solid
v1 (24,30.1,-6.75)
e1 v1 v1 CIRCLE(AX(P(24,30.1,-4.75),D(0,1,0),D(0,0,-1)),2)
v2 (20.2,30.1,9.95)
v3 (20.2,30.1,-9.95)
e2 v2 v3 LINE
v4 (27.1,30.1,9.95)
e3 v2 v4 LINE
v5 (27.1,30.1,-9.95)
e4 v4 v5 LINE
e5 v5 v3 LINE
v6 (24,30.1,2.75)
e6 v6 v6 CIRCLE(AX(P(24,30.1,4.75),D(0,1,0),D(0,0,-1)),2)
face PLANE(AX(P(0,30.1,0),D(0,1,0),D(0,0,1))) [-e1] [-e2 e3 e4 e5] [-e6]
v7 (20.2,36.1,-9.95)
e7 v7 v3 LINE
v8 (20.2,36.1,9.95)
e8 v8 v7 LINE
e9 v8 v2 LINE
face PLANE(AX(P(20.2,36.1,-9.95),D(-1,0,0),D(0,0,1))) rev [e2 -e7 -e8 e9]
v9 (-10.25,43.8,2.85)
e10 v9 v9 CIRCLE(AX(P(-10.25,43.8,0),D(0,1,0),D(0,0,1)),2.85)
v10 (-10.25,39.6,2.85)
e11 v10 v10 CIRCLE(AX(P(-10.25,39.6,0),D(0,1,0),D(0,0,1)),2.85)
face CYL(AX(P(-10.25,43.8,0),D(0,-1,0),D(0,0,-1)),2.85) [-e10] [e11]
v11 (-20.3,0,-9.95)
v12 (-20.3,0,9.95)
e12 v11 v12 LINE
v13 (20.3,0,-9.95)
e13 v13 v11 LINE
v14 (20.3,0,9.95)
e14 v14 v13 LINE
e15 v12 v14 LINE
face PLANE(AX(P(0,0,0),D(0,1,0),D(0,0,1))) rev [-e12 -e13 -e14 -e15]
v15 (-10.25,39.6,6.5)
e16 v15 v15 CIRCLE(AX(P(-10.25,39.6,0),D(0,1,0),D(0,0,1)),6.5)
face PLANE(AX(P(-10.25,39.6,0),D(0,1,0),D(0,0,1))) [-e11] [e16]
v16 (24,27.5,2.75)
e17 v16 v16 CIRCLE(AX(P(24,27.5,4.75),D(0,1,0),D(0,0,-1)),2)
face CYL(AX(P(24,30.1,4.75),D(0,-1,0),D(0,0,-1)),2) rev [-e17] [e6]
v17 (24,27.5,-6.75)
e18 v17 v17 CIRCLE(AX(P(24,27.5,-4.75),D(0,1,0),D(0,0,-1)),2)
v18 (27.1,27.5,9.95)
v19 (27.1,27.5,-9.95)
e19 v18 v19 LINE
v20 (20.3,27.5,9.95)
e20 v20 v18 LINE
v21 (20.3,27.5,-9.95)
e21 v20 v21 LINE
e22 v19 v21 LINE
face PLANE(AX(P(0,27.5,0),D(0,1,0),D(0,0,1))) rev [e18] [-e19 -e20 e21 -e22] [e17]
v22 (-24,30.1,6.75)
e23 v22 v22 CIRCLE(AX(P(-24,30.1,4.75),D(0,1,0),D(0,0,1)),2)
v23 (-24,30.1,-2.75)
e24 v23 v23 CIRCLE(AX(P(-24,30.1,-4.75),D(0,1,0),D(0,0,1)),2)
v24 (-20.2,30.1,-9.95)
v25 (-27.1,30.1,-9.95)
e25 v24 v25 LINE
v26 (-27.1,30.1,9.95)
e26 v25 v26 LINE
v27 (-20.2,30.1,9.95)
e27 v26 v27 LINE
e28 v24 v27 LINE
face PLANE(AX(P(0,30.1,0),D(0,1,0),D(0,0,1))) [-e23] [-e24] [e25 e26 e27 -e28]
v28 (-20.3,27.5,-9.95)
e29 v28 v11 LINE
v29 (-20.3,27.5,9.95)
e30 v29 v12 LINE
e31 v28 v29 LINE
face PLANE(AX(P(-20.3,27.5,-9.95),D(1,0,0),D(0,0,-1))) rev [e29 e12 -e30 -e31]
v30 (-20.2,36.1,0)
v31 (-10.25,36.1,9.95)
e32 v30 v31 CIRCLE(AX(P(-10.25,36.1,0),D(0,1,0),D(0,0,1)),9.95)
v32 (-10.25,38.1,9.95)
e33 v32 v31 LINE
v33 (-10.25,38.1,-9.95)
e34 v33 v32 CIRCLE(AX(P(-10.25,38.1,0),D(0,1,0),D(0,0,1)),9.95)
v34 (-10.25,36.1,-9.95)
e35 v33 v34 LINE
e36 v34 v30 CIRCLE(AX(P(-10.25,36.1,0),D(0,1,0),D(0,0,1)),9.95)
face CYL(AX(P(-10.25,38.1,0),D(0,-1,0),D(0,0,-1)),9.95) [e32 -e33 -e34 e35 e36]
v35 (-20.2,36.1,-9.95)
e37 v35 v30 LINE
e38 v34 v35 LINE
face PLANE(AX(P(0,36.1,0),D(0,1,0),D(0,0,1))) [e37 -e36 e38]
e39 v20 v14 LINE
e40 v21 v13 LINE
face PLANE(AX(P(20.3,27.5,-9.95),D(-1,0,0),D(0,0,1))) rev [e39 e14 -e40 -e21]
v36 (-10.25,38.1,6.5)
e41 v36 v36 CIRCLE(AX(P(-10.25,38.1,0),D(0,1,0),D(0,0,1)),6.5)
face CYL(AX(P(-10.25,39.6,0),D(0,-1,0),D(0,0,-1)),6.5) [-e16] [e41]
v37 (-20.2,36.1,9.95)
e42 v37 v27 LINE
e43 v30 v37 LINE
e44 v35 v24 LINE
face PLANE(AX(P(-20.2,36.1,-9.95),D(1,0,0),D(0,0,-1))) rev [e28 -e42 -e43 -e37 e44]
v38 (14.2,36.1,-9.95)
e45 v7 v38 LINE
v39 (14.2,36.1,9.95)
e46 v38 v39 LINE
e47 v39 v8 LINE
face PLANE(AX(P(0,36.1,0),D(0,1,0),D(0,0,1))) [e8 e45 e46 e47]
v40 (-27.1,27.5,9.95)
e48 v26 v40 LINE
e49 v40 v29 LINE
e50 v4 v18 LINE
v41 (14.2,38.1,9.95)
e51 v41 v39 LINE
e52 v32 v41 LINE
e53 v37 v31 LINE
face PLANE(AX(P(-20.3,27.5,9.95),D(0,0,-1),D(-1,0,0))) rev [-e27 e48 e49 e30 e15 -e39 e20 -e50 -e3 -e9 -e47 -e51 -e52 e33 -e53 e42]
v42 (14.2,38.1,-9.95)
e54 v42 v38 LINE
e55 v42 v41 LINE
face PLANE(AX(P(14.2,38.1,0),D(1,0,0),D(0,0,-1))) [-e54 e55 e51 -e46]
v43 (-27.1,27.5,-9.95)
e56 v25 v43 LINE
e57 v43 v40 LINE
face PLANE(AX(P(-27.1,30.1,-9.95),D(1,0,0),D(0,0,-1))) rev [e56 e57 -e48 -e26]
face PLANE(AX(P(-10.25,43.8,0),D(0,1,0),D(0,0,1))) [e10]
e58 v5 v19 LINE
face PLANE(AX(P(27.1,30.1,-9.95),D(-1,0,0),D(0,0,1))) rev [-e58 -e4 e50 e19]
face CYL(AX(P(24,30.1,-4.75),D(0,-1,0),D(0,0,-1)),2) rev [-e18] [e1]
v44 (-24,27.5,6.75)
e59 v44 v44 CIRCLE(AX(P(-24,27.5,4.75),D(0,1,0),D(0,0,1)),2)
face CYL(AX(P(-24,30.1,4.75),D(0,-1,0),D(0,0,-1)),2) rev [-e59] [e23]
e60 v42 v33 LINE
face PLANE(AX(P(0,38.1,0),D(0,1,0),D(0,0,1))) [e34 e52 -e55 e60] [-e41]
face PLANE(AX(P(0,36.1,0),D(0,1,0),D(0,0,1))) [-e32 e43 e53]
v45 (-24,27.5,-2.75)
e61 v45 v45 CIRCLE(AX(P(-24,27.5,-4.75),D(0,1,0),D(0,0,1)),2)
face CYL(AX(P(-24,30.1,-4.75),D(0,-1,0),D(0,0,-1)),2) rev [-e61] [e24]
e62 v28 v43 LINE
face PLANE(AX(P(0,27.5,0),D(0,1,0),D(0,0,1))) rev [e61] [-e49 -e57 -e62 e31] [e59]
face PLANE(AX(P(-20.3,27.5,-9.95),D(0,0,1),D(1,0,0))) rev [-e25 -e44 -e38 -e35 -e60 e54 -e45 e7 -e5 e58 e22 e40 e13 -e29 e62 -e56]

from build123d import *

# Parameters (mm, degrees)
SKETCH1_W           = 40.6
SKETCH1_H           = 19.9
BOSS_EXTRUDE1_DEPTH = 27.5
SKETCH2_W           = 54.2
SKETCH2_H           = 19.9
SKETCH2_R           = 2
BOSS_EXTRUDE2_DEPTH = 2.6
SKETCH3_W           = 40.4
SKETCH3_H           = 19.9
BOSS_EXTRUDE3_DEPTH = 6
SKETCH4_R           = 9.95
BOSS_EXTRUDE4_DEPTH = 2
SKETCH5_R           = 6.5
BOSS_EXTRUDE5_DEPTH = 1.5
SKETCH6_R           = 2.85
BOSS_EXTRUDE6_DEPTH = 4.2


with BuildPart() as part:
    # Sketch1 → Boss-Extrude1 (new body)
    with BuildSketch(Plane(origin=(0, 0, 0), x_dir=(1, 0, 0), z_dir=(0, 1, 0))):
        Rectangle(SKETCH1_W, SKETCH1_H)
    extrude(amount=BOSS_EXTRUDE1_DEPTH)

    # Sketch2 → Boss-Extrude2 (add)
    with BuildSketch(Plane(origin=(0, 27.5, 0), x_dir=(1, 0, 0), z_dir=(0, 1, 0))):
        Rectangle(SKETCH2_W, SKETCH2_H)
        with Locations((-24, 4.75)):
            Circle(SKETCH2_R, mode=Mode.SUBTRACT)
        with Locations((-24, -4.75)):
            Circle(SKETCH2_R, mode=Mode.SUBTRACT)
        with Locations((24, -4.75)):
            Circle(SKETCH2_R, mode=Mode.SUBTRACT)
        with Locations((24, 4.75)):
            Circle(SKETCH2_R, mode=Mode.SUBTRACT)
    extrude(amount=BOSS_EXTRUDE2_DEPTH)

    # Sketch3 → Boss-Extrude3 (add)
    with BuildSketch(Plane(origin=(0, 30.1, 0), x_dir=(1, 0, 0), z_dir=(0, 1, 0))):
        Rectangle(SKETCH3_W, SKETCH3_H)
    extrude(amount=BOSS_EXTRUDE3_DEPTH)

    # Sketch4 → Boss-Extrude4 (add)
    with BuildSketch(Plane(origin=(0, 36.1, 0), x_dir=(1, 0, 0), z_dir=(0, 1, 0))):
        with BuildLine():
            Line((14.2, 9.95), (-10.25, 9.95))
            ThreePointArc((-10.25, 9.95), (-3.214287527, 7.035712473), (-0.3, 0))
            ThreePointArc((-0.3, 0), (-3.214287527, -7.035712473), (-10.25, -9.95))
            Line((-10.25, -9.95), (14.2, -9.95))
            Line((14.2, -9.95), (14.2, 9.95))
        make_face()
        with Locations((-10.25, 0)):
            Circle(SKETCH4_R)
    extrude(amount=BOSS_EXTRUDE4_DEPTH)

    # Sketch5 → Boss-Extrude5 (add)
    with BuildSketch(Plane(origin=(0, 38.1, 0), x_dir=(1, 0, 0), z_dir=(0, 1, 0))):
        with Locations((-10.25, 0)):
            Circle(SKETCH5_R)
    extrude(amount=BOSS_EXTRUDE5_DEPTH)

    # Sketch6 → Boss-Extrude6 (add)
    with BuildSketch(Plane(origin=(0, 39.6, 0), x_dir=(1, 0, 0), z_dir=(0, 1, 0))):
        with Locations((-10.25, 0)):
            Circle(SKETCH6_R)
    extrude(amount=BOSS_EXTRUDE6_DEPTH)


solid = part.part
